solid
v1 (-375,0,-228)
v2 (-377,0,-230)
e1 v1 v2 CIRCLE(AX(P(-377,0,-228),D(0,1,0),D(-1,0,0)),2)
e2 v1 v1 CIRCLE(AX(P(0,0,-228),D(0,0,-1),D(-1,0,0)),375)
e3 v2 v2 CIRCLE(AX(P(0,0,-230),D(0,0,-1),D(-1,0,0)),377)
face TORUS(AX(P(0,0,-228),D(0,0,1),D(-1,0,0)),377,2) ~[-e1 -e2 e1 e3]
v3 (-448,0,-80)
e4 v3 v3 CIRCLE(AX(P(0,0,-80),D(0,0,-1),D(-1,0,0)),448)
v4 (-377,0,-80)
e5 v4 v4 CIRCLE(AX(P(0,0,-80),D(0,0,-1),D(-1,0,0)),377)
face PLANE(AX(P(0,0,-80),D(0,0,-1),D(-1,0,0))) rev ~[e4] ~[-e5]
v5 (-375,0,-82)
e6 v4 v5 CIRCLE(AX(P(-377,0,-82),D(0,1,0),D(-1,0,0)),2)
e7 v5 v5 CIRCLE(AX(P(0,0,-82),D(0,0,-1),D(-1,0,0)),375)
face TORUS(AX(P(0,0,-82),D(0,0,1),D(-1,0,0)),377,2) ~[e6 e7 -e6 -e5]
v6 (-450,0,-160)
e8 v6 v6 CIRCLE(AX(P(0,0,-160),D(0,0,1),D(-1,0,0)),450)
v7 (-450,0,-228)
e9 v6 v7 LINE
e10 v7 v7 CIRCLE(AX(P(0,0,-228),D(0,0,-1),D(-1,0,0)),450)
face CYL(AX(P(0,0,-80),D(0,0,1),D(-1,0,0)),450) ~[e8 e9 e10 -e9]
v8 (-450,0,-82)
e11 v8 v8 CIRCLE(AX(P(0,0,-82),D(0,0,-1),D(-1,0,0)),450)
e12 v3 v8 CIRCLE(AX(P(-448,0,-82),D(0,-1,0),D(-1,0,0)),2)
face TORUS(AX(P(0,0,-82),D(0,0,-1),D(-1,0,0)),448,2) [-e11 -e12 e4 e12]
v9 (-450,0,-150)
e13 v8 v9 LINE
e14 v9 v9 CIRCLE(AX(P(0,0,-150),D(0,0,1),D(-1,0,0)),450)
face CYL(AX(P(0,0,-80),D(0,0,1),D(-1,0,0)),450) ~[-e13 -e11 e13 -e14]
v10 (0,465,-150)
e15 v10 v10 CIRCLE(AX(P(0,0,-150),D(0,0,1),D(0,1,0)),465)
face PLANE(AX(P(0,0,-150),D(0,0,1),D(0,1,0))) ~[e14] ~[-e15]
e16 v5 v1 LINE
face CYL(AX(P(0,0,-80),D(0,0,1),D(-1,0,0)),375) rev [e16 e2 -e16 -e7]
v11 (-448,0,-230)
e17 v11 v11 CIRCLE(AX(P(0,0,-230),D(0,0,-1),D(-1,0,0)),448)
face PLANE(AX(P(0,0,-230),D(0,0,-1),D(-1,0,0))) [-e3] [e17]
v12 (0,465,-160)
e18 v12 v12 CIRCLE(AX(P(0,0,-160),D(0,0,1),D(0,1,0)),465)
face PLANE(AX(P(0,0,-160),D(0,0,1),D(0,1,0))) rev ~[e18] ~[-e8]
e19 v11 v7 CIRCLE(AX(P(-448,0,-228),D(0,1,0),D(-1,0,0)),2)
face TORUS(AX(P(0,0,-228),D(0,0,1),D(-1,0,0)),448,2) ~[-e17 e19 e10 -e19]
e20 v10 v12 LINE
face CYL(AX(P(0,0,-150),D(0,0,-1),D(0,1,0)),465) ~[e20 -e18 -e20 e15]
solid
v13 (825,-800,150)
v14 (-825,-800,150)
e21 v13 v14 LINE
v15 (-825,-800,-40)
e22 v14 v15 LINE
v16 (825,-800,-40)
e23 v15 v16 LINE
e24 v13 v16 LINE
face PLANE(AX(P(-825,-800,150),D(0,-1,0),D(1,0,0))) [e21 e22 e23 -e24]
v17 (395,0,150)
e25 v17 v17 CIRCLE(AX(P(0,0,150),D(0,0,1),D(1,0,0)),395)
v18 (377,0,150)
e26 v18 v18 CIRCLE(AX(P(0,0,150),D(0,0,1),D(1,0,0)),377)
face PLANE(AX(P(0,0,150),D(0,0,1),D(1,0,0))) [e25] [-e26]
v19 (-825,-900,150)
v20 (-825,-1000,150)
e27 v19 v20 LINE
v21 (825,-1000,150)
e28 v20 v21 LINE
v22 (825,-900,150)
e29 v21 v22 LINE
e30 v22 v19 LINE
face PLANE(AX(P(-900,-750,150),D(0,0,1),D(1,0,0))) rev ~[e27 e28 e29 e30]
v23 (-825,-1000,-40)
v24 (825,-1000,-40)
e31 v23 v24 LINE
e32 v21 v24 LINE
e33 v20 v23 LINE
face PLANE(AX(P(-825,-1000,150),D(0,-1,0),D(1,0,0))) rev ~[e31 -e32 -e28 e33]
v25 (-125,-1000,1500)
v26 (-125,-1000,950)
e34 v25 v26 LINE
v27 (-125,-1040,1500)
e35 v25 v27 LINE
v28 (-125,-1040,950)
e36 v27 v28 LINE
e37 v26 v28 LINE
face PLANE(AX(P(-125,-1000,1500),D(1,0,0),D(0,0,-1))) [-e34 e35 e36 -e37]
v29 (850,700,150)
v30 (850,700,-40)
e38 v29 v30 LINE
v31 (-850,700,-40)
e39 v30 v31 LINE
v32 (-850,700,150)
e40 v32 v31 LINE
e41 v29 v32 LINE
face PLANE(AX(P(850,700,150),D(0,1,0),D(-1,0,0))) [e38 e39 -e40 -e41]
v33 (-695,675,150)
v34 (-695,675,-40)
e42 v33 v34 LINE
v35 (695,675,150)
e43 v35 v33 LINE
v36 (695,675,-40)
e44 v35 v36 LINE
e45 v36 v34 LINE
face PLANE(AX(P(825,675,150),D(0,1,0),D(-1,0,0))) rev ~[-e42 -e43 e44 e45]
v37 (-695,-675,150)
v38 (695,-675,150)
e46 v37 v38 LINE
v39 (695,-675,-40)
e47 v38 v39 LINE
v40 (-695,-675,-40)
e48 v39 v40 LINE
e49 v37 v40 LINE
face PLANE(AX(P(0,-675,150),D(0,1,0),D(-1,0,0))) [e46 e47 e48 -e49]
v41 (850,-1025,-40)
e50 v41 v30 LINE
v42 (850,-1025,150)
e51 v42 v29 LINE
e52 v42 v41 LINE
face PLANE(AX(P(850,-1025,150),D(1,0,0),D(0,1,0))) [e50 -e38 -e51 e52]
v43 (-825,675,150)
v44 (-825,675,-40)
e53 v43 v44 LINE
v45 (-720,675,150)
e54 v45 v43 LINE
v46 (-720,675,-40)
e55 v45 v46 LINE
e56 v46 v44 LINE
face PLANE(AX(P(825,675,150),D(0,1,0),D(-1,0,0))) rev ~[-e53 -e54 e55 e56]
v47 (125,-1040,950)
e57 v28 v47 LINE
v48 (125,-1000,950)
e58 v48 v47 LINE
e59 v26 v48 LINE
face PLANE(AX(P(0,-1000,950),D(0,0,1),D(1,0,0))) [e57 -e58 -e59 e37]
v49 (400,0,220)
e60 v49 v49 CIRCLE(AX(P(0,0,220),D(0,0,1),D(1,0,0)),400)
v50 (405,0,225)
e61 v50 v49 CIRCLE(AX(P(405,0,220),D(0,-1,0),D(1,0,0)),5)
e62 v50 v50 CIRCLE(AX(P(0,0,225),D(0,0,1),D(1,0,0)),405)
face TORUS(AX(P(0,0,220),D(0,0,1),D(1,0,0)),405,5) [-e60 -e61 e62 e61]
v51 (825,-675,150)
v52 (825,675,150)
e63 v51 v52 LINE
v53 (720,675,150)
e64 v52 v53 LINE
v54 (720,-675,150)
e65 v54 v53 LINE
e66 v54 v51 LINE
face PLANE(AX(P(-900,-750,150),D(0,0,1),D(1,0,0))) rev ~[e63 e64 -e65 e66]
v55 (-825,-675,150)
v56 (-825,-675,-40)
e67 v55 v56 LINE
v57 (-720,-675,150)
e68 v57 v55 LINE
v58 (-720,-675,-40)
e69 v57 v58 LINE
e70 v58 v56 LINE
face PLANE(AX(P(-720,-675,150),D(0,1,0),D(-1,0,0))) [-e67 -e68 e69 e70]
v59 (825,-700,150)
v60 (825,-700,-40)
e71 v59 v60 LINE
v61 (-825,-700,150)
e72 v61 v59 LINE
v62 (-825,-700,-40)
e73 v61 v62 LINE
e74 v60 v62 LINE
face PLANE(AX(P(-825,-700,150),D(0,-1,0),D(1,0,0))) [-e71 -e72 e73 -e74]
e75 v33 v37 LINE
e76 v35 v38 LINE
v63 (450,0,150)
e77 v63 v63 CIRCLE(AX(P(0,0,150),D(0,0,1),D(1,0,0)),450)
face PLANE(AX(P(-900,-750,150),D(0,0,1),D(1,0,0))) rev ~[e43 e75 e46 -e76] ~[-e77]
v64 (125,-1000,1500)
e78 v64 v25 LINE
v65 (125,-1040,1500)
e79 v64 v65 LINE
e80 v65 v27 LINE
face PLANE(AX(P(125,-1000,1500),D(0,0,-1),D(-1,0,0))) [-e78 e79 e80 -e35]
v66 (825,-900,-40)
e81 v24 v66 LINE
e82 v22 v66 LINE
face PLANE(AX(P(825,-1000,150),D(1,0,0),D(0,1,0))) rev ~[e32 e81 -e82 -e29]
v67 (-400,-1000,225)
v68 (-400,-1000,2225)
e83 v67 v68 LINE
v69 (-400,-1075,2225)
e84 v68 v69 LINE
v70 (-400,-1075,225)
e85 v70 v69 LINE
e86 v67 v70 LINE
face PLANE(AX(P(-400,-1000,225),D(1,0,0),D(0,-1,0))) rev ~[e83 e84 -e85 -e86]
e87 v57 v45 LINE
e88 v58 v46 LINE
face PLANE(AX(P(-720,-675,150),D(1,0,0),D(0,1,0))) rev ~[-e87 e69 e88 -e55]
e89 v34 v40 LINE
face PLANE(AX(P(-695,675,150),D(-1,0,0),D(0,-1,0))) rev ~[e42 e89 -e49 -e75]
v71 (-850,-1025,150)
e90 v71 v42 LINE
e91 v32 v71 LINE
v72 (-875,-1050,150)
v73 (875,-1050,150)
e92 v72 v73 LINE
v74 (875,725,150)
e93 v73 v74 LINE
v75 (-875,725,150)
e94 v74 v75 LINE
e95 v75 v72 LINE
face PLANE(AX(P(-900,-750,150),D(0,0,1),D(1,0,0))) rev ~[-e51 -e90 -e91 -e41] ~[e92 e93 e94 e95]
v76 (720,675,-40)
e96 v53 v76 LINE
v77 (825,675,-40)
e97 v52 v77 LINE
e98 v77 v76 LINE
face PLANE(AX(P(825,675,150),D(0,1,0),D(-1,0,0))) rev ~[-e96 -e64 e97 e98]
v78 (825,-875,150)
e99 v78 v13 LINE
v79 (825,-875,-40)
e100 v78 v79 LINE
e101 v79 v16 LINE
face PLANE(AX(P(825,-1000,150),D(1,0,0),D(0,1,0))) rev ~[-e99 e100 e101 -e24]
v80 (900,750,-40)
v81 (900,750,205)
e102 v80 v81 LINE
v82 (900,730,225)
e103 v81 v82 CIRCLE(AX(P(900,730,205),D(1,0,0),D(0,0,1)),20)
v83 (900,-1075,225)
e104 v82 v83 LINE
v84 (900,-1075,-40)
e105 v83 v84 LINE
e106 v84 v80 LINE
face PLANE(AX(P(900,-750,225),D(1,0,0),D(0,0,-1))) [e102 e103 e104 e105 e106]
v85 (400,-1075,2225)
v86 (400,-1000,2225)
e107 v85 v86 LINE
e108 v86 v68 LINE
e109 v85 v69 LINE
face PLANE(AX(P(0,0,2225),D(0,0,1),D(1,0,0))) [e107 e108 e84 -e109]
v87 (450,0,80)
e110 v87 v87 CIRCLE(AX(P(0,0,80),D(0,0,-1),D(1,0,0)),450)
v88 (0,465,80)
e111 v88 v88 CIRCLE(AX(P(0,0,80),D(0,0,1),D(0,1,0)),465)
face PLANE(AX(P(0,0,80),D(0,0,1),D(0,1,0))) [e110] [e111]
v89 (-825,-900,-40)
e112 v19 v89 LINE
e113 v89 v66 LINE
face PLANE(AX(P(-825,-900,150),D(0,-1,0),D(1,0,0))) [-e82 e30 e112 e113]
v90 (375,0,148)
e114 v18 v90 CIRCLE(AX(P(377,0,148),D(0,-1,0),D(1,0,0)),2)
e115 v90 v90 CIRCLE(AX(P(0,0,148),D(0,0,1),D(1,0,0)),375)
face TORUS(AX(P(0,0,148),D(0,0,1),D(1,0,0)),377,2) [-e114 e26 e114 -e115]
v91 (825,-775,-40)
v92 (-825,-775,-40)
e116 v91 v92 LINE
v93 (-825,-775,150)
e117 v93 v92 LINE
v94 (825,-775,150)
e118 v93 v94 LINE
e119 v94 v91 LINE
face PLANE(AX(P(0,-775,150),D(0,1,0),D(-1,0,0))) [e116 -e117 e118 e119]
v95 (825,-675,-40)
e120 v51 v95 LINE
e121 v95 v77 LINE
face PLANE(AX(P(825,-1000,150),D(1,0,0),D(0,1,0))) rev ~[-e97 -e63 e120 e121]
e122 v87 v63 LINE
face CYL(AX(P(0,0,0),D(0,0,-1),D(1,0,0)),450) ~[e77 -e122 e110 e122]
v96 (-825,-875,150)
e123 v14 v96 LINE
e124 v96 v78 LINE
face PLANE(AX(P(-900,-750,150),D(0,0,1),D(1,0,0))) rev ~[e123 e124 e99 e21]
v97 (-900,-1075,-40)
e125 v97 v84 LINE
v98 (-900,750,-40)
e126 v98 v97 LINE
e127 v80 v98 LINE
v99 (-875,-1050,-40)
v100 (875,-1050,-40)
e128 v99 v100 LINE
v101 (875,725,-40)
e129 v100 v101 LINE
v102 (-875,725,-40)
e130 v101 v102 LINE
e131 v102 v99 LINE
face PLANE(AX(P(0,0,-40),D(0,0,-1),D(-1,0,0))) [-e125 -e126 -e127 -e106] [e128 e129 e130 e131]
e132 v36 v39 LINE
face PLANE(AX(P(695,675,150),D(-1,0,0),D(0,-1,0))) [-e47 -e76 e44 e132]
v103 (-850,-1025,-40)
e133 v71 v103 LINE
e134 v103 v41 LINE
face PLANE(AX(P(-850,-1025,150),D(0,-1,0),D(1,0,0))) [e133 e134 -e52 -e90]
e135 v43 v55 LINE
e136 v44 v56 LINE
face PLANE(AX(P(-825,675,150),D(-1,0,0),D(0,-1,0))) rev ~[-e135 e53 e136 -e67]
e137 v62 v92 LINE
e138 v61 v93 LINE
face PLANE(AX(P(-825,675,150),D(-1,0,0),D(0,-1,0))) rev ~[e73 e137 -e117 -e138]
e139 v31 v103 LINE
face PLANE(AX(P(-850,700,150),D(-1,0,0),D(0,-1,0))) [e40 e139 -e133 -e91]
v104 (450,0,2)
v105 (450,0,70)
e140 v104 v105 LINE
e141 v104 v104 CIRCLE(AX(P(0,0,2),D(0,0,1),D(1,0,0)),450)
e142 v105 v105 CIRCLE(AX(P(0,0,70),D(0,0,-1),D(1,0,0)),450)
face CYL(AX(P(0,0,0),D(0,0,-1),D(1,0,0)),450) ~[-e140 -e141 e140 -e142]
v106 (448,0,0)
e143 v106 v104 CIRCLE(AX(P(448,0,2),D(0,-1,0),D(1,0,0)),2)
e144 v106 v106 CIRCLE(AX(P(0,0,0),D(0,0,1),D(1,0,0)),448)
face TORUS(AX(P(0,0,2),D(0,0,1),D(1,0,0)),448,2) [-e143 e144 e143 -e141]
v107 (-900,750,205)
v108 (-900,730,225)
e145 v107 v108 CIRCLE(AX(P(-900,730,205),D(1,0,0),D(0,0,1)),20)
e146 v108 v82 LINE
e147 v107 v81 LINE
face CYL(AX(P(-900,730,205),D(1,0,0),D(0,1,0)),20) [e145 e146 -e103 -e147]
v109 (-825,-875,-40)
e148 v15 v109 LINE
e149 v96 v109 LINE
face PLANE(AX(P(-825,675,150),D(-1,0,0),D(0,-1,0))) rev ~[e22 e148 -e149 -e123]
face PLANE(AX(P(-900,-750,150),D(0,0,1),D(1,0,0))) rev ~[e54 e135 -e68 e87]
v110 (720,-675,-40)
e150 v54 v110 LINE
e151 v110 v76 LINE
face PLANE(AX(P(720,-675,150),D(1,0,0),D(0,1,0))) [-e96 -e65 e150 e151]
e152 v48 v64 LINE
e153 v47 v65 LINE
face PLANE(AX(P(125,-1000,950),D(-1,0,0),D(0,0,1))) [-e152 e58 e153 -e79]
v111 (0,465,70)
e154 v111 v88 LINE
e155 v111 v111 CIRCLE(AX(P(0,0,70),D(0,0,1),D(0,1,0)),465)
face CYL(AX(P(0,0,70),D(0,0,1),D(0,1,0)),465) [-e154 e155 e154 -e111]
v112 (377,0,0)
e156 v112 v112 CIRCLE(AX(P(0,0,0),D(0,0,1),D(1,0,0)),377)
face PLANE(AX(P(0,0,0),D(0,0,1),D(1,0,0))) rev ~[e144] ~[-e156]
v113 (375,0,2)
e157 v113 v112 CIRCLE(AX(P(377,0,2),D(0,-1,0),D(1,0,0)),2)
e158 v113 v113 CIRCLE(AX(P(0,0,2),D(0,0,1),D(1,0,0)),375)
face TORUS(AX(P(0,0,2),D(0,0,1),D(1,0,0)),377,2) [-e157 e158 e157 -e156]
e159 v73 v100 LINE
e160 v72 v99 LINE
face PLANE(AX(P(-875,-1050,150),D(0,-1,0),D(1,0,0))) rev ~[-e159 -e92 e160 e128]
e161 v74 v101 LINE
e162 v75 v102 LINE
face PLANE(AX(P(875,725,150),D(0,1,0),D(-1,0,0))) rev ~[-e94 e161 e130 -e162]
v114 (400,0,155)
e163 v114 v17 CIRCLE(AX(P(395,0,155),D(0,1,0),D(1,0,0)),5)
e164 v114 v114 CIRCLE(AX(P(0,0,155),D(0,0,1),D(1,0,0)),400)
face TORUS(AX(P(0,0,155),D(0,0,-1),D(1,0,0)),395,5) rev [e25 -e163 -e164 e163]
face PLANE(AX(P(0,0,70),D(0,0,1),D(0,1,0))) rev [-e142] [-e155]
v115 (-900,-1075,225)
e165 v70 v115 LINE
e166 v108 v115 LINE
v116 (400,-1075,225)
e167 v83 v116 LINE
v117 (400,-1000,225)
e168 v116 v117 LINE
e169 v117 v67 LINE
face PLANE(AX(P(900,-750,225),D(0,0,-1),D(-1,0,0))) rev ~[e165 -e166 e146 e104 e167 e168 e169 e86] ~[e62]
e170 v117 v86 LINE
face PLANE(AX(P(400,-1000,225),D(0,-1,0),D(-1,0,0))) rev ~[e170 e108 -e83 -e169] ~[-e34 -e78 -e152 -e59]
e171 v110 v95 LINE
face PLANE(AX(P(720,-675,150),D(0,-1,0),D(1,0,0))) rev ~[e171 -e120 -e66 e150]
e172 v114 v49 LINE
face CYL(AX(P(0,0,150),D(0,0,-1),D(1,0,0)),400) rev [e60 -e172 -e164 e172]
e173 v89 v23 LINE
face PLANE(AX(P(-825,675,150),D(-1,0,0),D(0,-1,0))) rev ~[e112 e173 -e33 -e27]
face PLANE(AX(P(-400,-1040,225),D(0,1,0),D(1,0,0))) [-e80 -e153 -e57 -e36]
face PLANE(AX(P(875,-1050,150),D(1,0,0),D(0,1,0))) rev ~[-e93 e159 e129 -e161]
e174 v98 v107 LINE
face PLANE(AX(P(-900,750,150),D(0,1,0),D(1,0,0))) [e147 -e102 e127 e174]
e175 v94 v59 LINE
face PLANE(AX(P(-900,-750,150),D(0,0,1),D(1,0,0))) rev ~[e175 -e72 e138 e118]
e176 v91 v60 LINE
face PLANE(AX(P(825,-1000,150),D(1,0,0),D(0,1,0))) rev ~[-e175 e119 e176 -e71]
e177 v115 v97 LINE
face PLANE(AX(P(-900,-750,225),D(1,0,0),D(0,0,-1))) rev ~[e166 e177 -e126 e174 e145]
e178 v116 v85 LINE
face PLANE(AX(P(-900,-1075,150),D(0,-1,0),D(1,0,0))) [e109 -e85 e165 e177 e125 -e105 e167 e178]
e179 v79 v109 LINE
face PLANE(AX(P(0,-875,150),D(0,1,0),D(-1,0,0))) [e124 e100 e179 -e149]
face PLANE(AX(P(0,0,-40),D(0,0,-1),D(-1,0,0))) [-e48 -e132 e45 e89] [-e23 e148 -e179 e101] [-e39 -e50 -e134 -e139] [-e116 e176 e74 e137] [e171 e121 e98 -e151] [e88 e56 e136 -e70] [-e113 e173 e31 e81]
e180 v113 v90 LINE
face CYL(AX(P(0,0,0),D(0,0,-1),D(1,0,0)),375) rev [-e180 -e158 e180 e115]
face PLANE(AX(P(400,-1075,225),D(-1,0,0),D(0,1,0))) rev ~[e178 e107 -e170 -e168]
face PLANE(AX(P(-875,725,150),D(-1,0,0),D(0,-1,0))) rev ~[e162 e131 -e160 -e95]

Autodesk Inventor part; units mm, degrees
sketch "Sketch1" plane through (0, 0, 0) normal (0, 0, 1) x (1, 0, 0)
  circle A0 centre (0, 0) radius 375
  circle A1 centre (0, 0) radius 450
  dimension "d0" = 750
  dimension "d2" = 900
extrude "Extrusion1" add sketch "Sketch1" along normal blind 150
ref_plane "Work Plane1" through (0, 0, -80) normal (0, 0, -1) x (-1, 0, 0)
sketch "Sketch2" plane through (0, 0, -80) normal (0, 0, -1) x (-1, 0, 0)
  circle A0 centre (0, 0) radius 375
  circle A1 centre (0, 0) radius 450
extrude "Extrusion2" add sketch "Sketch2" along normal blind 150
ref_plane "Work Plane2" through (0, 400, 0) normal (0, 1, 0) x (-1, 0, 0)
sketch "Sketch5" plane through (0, 0, 0) normal (1, 0, 0) x (0, 1, 0)
  line L0 (450, 0) -> (450, 150) projected
  line L1 (450, 70) -> (465, 70)
  line L2 (465, 70) -> (465, 80)
  line L3 (465, 80) -> (450, 80)
  line L4 (450, 80) -> (450, 70)
  line L5 (0, -306) -> (0, 226) projected
  line L6 (450, -80) -> (450, -230) projected
  line L7 (450, -150) -> (465, -150)
  line L8 (465, -150) -> (465, -160)
  line L9 (465, -160) -> (450, -160)
  line L10 (450, -160) -> (450, -150)
  point P0 (0, 0)
  dimension "d11" = 15
  dimension "d12" = 10
  dimension "d14" = 15
  dimension "d15" = 10
revolve "Revolution1" add sketch "Sketch5" angle 360 about axis through (0, 0, -10) along (0, 0, 1)
ref_plane "Work Plane3" through (0, 0, -40) normal (0, 0, 1) x (1, 0, 0)
ref_plane "Work Plane4" through (0, 0, 150) normal (0, 0, 1) x (1, 0, 0)
sketch "Sketch11" plane through (0, 0, 150) normal (0, 0, 1) x (1, 0, 0)
  circle A0 centre (0, 0) radius 400
  line L0 (-900, 750) -> (900, 750)
  line L1 (900, 750) -> (900, -750)
  line L2 (900, -750) -> (-900, -750)
  line L3 (-900, -750) -> (-900, 750)
  line L4 (-900, 750) -> (900, -750) construction
  line L5 (900, 750) -> (-900, -750) construction
  dimension "d33" = 800
  dimension "d34" = 1800
  dimension "d35" = 1500
extrude "Extrusion5" add sketch "Sketch11" along normal blind 75
fillet "Fillet1" radius 5 1 edges at (-400, 0, 225)
fillet "Fillet2" radius 5 1 edges at (-400, 0, 150)
fillet "Fillet3" radius 2 1 edges at (-375, 0, 150)
fillet "Fillet4" radius 2 1 edges at (-375, 0, 0)
fillet "Fillet5" radius 2 1 edges at (375, 0, -80)
fillet "Fillet6" radius 2 1 edges at (375, 0, -230)
fillet "Fillet7" radius 2 1 edges at (-450, 0, 0)
fillet "Fillet8" radius 2 2 edges at (450, 0, -80) (450, 0, -230)
fillet "Fillet9" radius 20 1 edges at (0, 750, 225)
sketch "Sketch15" plane through (-900, -750, 150) normal (0, -1, 0) x (1, 0, 0)
  line L0 (1800, 75) -> (1800, 55) projected
  line L1 (0, 0) -> (1800, 0) projected
  line L2 (1800, 75) -> (0, 75)
  line L3 (0, 75) -> (0, 0)
  line L4 (0, 0) -> (1800, 0)
  line L5 (1800, 0) -> (1800, 75)
  point P0 (900, -150)
extrude "Extrusion7" add sketch "Sketch15" along normal blind 325
sketch "Sketch16" plane through (0, 0, 225) normal (0, 0, 1) x (1, 0, 0)
  line L0 (-900, -1075) -> (900, -1075) projected
  line L1 (0, -1075) -> (400, -1075)
  line L2 (400, -1075) -> (400, -1000)
  line L3 (400, -1000) -> (-400, -1000)
  line L4 (-400, -1000) -> (-400, -1075)
  line L5 (-400, -1075) -> (0, -1075)
  point P0 (0, 0)
  dimension "d64" = 400
  dimension "d65" = 75
  dimension "d66" = 800
extrude "Extrusion8" add sketch "Sketch16" along normal blind 2000
sketch "Sketch17" plane through (-400, -1000, 225) normal (0, 1, 0) x (1, 0, 0)
  line L0 (400, -725) -> (525, -725)
  line L1 (525, -725) -> (525, -1275)
  line L2 (525, -1275) -> (275, -1275)
  line L3 (275, -1275) -> (275, -725)
  line L4 (275, -725) -> (400, -725)
  line L5 (-500, 0) -> (1300, 0) projected
  point P0 (400, 225)
  point P1 (-480, 0)
  point P2 (1280, 0)
  dimension "d72" = 725
extrude "Extrusion9" cut sketch "Sketch17" against normal blind 40
sketch "Sketch18" plane through (0, 0, 150) normal (0, 0, -1) x (-1, 0, 0)
  line L0 (900, -1075) -> (880, -1075) projected
  line L1 (-900, 750) -> (900, 750)
  line L2 (900, 750) -> (900, -1075)
  line L3 (900, -1075) -> (-900, -1075)
  line L4 (-900, -1075) -> (-900, 750)
  line L5 (-875, 725) -> (875, 725)
  line L6 (875, 725) -> (875, -1050)
  line L7 (875, -1050) -> (-875, -1050)
  line L8 (-875, -1050) -> (-875, 725)
  line L9 (-850, 700) -> (850, 700)
  line L10 (850, 700) -> (850, -1025)
  line L11 (850, -1025) -> (-850, -1025)
  line L12 (-850, -1025) -> (-850, 700)
  line L13 (-825, 675) -> (825, 675)
  line L14 (825, 675) -> (825, -1000)
  line L15 (825, -1000) -> (-825, -1000)
  line L16 (-825, -1000) -> (-825, 675)
  point P0 (0, 0)
extrude "Extrusion10" add sketch "Sketch18" along normal blind 190
sketch "Sketch20" plane through (0, 0, 150) normal (0, 0, -1) x (-1, 0, 0)
  line L0 (0, -675) -> (825, -675)
  line L1 (825, -675) -> (825, -700)
  line L2 (825, -700) -> (0, -700)
  line L3 (0, -503.4054) -> (0, -575.6964) construction
  line L4 (0, -775) -> (825, -775)
  line L5 (825, -775) -> (825, -800)
  line L6 (825, -800) -> (0, -800)
  line L7 (0, -875) -> (825, -875)
  line L8 (825, -875) -> (825, -900)
  line L9 (825, -900) -> (0, -900)
  line L10 (0, -675) -> (-825, -675)
  line L11 (-825, -675) -> (-825, -700)
  line L12 (-825, -700) -> (0, -700)
  line L13 (0, -775) -> (-825, -775)
  line L14 (-825, -775) -> (-825, -800)
  line L15 (-825, -800) -> (0, -800)
  line L16 (0, -875) -> (-825, -875)
  line L17 (-825, -875) -> (-825, -900)
  line L18 (-825, -900) -> (0, -900)
  line L19 (720, -675) -> (720, 675)
  line L20 (695, 675) -> (695, -675)
  line L21 (720, 675) -> (695, 675)
  line L22 (825, 675) -> (-825, 675) construction
  line L23 (-720, -675) -> (-720, 675)
  line L24 (-695, 675) -> (-695, -675)
  line L25 (-720, 675) -> (-695, 675)
  point P0 (0, 0)
  dimension "d86" = 100
extrude "Extrusion11" add sketch "Sketch20" along normal blind 190
properties part number "Gantry mssd"
